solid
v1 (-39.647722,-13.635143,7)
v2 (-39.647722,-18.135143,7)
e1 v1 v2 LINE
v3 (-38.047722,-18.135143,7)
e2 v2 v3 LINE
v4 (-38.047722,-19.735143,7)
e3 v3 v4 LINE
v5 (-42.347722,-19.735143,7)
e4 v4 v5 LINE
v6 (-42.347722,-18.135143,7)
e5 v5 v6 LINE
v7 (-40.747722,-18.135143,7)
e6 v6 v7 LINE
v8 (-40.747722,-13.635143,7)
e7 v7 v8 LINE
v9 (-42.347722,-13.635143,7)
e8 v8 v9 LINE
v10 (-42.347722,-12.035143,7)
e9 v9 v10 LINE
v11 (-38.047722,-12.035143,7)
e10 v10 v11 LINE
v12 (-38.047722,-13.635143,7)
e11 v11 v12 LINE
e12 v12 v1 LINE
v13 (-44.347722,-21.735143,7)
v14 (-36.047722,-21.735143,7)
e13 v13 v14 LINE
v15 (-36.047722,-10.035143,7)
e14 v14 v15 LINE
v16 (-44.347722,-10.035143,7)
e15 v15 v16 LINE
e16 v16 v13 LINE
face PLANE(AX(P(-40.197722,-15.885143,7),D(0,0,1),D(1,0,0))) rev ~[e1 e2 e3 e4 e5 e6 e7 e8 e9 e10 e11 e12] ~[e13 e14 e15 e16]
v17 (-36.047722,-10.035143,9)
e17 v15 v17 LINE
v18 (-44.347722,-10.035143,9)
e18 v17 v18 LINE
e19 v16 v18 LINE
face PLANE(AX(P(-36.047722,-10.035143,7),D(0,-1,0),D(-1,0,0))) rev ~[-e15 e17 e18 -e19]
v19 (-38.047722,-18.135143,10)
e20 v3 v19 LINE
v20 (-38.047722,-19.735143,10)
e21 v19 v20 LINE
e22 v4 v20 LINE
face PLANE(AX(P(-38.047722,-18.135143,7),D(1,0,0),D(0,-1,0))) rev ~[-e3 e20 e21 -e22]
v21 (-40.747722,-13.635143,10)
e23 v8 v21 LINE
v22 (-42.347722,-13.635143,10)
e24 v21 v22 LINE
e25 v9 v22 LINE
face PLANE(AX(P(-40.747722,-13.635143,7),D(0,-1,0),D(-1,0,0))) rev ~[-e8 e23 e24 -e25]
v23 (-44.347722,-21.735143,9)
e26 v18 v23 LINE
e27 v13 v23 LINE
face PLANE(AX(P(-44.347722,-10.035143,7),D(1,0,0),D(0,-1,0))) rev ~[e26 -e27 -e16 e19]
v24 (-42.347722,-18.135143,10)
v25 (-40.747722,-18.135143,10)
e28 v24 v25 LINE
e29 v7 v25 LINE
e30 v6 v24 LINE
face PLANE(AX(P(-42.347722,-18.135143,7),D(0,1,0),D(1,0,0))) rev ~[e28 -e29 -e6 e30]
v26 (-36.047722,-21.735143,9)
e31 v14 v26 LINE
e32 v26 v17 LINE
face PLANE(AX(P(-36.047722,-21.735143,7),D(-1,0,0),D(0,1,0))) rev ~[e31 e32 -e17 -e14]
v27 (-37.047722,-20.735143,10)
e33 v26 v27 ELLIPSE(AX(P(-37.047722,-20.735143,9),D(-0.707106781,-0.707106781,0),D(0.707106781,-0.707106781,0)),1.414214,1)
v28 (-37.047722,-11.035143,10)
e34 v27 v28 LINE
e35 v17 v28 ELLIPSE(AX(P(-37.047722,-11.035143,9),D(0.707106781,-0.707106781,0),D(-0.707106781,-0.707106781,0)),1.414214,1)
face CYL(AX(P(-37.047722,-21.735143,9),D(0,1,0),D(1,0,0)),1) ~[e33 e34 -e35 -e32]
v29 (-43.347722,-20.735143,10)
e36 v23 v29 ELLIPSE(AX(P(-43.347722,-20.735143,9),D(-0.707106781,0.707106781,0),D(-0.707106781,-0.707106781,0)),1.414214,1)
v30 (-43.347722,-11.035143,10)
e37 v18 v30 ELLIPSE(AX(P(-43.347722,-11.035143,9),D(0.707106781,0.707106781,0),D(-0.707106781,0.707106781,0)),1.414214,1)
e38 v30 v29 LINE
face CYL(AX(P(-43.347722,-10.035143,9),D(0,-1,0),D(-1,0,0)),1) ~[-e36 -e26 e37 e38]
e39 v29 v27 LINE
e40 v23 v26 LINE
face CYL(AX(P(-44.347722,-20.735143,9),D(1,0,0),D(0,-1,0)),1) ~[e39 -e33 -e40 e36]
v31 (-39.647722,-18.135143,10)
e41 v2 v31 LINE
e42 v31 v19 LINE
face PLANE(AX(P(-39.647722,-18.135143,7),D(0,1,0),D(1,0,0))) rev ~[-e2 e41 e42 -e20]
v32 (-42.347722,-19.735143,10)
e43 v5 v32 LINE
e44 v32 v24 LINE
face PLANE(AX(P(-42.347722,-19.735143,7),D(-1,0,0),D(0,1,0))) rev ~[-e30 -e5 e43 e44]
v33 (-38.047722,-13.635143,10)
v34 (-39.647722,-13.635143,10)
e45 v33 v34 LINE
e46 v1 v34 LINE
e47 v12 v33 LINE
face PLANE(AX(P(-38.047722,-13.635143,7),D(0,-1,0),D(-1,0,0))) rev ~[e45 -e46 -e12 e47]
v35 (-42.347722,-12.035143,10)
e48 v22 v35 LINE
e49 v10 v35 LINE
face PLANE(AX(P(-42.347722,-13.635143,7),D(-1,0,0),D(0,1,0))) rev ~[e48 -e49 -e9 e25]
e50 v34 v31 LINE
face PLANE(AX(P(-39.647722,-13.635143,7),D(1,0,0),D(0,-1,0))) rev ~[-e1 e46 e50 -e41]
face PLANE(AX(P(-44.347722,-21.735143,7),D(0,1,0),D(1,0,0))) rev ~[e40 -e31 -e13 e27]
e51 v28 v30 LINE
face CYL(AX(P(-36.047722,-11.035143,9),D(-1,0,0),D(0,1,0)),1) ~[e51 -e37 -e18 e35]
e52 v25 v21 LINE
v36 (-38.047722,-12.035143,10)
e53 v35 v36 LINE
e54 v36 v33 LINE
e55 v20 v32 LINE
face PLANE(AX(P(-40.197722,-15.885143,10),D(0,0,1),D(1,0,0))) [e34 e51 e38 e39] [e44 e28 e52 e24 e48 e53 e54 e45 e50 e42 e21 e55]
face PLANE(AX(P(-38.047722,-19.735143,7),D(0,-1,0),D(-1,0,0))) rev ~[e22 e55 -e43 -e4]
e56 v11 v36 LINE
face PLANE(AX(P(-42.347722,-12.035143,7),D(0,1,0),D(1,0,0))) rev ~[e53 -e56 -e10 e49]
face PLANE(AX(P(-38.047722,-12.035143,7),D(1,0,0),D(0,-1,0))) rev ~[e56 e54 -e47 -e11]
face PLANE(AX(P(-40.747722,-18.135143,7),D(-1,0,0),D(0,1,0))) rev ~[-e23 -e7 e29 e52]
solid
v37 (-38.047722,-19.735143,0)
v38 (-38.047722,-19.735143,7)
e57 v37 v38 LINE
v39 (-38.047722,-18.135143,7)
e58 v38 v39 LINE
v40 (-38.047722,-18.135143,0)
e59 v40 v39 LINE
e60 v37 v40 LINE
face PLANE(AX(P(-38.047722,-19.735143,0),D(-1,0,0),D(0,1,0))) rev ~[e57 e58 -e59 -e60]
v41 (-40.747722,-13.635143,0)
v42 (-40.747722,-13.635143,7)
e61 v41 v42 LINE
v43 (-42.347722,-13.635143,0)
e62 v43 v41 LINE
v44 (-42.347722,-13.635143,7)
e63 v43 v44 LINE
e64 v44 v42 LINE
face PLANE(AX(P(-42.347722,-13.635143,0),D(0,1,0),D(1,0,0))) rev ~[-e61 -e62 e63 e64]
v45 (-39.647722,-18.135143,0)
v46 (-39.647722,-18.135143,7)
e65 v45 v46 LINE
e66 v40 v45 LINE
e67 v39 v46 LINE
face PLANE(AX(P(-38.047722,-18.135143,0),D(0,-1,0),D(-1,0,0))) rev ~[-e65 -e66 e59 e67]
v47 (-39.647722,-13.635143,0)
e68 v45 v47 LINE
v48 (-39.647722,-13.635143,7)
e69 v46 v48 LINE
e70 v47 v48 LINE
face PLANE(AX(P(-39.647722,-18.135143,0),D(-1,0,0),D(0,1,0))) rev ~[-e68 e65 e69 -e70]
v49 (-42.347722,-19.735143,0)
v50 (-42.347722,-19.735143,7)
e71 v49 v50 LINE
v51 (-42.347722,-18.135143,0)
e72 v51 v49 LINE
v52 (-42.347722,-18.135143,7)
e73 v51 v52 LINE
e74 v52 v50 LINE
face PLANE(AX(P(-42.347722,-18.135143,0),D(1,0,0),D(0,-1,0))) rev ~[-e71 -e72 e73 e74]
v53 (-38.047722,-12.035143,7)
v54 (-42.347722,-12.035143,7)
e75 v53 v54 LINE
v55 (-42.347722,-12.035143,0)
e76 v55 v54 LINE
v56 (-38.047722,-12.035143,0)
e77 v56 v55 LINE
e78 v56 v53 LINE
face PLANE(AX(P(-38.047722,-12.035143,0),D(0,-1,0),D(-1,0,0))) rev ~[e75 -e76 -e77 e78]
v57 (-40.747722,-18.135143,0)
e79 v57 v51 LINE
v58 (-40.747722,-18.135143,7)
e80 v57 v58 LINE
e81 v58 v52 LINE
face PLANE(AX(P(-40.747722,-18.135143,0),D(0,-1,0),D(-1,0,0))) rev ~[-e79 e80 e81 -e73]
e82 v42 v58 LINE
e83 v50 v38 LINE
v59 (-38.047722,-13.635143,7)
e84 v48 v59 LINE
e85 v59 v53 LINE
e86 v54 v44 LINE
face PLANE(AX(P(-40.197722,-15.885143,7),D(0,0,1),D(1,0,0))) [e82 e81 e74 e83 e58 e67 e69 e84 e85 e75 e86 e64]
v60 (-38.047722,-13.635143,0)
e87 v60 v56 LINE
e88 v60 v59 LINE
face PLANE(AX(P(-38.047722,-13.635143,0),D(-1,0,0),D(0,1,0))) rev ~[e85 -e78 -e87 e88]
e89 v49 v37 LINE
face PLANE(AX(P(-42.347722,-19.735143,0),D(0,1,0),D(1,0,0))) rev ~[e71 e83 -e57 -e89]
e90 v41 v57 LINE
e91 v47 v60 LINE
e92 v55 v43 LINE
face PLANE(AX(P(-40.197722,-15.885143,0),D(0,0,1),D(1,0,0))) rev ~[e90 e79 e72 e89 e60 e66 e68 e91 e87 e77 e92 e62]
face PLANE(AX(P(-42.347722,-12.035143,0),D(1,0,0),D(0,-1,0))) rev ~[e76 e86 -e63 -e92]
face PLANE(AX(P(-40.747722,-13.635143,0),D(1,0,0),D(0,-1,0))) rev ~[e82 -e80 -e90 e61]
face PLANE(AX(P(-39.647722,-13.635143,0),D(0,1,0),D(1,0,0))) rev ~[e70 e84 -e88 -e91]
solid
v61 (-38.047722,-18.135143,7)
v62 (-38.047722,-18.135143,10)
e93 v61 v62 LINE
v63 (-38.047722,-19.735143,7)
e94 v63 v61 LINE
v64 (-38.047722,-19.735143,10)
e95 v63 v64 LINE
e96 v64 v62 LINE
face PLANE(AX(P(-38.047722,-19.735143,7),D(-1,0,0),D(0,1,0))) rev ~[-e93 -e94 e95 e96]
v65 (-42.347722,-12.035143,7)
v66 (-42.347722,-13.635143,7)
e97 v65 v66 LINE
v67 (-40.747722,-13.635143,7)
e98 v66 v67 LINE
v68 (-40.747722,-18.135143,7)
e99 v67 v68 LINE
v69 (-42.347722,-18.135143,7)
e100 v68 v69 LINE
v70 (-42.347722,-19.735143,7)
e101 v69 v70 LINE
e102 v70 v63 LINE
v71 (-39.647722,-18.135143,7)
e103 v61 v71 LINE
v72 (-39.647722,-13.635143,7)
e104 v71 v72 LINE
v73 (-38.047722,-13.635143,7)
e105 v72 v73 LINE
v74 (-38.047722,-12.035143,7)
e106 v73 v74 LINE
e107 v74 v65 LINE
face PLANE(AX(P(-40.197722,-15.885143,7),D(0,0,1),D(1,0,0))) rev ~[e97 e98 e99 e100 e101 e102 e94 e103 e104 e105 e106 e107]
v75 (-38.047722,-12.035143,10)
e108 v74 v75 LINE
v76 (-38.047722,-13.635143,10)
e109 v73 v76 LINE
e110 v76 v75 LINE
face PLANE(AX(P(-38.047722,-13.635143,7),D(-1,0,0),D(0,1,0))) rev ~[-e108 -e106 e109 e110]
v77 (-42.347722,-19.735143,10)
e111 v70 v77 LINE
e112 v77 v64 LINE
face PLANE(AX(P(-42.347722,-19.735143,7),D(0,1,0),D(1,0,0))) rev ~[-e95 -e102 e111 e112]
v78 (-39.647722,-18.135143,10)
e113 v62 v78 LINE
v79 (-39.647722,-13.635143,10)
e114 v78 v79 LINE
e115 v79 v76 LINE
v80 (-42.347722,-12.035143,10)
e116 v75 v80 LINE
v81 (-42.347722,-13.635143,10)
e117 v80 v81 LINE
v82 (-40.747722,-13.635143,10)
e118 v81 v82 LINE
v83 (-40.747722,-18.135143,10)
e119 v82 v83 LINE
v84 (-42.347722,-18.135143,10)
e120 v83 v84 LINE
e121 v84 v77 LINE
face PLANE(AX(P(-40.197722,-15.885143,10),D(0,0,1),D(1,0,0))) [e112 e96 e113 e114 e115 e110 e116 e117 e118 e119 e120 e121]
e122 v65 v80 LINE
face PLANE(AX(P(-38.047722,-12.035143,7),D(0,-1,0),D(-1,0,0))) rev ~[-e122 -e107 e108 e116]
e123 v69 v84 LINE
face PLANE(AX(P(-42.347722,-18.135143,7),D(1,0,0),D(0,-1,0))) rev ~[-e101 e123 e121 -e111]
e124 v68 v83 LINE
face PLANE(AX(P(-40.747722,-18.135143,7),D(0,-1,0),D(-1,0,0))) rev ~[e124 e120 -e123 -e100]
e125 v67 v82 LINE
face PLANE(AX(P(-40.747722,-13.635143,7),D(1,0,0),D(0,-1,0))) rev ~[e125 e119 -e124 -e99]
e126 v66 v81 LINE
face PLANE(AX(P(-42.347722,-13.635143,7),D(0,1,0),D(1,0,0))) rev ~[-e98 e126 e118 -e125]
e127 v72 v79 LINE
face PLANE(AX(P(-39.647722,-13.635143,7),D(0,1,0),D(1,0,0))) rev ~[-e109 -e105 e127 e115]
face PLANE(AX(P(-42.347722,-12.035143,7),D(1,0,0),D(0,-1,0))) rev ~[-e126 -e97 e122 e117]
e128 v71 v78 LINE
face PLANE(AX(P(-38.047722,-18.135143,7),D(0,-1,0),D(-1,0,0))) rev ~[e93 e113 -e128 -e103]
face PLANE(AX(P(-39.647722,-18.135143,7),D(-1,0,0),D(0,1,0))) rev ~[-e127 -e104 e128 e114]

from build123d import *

# Parameters (mm, degrees)
F1_DEPTH = 7
F3_DEPTH = 3
F4_DEPTH = 3
F5_R     = 1


with BuildPart() as f1:
    # F0 (on Top) → F1 (new body)
    with BuildSketch(Plane.XY):
        Polygon((-42.347722, -13.635143), (-40.747722, -13.635143), (-40.747722, -18.135143), (-42.347722, -18.135143), (-42.347722, -19.735143), (-38.047722, -19.735143), (-38.047722, -18.135143), (-39.647722, -18.135143), (-39.647722, -13.635143), (-38.047722, -13.635143), (-38.047722, -12.035143), (-42.347722, -12.035143), align=None)
    extrude(amount=F1_DEPTH)


with BuildPart() as f3:
    # F2 (on face) → F3 (new body)
    with BuildSketch(Plane.XY.offset(7)):
        Polygon((-44.347722, -10.035143), (-44.347722, -18.635144), (-44.347722, -21.735143), (-36.047722, -21.735143), (-36.047722, -13.135143), (-36.047722, -10.035143), align=None)
        Polygon((-40.747722, -13.635143), (-42.347722, -13.635143), (-42.347722, -12.035143), (-38.047722, -12.035143), (-38.047722, -13.635143), (-39.647722, -13.635143), (-39.647722, -18.135143), (-38.047722, -18.135143), (-38.047722, -19.735143), (-42.347722, -19.735143), (-42.347722, -18.135143), (-40.747722, -18.135143), align=None, mode=Mode.SUBTRACT)
    extrude(amount=F3_DEPTH)

    # F5
    f5_edges = [f3.edges().sort_by_distance(p)[0] for p in [
        (-40.197722, -10.035143, 10),
        (-44.347722, -15.885143, 10),
        (-40.197722, -21.735143, 10),
        (-36.047722, -15.885143, 10),
    ]]
    fillet(f5_edges, radius=F5_R)


with BuildPart() as f4:
    # F1_face (on face) → F4 (new body)
    with BuildSketch(Plane(origin=(-40.197722, -15.885143, 7), x_dir=(1, 0, 0), z_dir=(0, 0, 1))):
        Polygon((-2.15, 2.25), (-0.55, 2.25), (-0.55, -2.25), (-2.15, -2.25), (-2.15, -3.85), (2.15, -3.85), (2.15, -2.25), (0.55, -2.25), (0.55, 2.25), (2.15, 2.25), (2.15, 3.85), (-2.15, 3.85), align=None)
    extrude(amount=F4_DEPTH)


solid = Compound([f1.part, f3.part, f4.part])
